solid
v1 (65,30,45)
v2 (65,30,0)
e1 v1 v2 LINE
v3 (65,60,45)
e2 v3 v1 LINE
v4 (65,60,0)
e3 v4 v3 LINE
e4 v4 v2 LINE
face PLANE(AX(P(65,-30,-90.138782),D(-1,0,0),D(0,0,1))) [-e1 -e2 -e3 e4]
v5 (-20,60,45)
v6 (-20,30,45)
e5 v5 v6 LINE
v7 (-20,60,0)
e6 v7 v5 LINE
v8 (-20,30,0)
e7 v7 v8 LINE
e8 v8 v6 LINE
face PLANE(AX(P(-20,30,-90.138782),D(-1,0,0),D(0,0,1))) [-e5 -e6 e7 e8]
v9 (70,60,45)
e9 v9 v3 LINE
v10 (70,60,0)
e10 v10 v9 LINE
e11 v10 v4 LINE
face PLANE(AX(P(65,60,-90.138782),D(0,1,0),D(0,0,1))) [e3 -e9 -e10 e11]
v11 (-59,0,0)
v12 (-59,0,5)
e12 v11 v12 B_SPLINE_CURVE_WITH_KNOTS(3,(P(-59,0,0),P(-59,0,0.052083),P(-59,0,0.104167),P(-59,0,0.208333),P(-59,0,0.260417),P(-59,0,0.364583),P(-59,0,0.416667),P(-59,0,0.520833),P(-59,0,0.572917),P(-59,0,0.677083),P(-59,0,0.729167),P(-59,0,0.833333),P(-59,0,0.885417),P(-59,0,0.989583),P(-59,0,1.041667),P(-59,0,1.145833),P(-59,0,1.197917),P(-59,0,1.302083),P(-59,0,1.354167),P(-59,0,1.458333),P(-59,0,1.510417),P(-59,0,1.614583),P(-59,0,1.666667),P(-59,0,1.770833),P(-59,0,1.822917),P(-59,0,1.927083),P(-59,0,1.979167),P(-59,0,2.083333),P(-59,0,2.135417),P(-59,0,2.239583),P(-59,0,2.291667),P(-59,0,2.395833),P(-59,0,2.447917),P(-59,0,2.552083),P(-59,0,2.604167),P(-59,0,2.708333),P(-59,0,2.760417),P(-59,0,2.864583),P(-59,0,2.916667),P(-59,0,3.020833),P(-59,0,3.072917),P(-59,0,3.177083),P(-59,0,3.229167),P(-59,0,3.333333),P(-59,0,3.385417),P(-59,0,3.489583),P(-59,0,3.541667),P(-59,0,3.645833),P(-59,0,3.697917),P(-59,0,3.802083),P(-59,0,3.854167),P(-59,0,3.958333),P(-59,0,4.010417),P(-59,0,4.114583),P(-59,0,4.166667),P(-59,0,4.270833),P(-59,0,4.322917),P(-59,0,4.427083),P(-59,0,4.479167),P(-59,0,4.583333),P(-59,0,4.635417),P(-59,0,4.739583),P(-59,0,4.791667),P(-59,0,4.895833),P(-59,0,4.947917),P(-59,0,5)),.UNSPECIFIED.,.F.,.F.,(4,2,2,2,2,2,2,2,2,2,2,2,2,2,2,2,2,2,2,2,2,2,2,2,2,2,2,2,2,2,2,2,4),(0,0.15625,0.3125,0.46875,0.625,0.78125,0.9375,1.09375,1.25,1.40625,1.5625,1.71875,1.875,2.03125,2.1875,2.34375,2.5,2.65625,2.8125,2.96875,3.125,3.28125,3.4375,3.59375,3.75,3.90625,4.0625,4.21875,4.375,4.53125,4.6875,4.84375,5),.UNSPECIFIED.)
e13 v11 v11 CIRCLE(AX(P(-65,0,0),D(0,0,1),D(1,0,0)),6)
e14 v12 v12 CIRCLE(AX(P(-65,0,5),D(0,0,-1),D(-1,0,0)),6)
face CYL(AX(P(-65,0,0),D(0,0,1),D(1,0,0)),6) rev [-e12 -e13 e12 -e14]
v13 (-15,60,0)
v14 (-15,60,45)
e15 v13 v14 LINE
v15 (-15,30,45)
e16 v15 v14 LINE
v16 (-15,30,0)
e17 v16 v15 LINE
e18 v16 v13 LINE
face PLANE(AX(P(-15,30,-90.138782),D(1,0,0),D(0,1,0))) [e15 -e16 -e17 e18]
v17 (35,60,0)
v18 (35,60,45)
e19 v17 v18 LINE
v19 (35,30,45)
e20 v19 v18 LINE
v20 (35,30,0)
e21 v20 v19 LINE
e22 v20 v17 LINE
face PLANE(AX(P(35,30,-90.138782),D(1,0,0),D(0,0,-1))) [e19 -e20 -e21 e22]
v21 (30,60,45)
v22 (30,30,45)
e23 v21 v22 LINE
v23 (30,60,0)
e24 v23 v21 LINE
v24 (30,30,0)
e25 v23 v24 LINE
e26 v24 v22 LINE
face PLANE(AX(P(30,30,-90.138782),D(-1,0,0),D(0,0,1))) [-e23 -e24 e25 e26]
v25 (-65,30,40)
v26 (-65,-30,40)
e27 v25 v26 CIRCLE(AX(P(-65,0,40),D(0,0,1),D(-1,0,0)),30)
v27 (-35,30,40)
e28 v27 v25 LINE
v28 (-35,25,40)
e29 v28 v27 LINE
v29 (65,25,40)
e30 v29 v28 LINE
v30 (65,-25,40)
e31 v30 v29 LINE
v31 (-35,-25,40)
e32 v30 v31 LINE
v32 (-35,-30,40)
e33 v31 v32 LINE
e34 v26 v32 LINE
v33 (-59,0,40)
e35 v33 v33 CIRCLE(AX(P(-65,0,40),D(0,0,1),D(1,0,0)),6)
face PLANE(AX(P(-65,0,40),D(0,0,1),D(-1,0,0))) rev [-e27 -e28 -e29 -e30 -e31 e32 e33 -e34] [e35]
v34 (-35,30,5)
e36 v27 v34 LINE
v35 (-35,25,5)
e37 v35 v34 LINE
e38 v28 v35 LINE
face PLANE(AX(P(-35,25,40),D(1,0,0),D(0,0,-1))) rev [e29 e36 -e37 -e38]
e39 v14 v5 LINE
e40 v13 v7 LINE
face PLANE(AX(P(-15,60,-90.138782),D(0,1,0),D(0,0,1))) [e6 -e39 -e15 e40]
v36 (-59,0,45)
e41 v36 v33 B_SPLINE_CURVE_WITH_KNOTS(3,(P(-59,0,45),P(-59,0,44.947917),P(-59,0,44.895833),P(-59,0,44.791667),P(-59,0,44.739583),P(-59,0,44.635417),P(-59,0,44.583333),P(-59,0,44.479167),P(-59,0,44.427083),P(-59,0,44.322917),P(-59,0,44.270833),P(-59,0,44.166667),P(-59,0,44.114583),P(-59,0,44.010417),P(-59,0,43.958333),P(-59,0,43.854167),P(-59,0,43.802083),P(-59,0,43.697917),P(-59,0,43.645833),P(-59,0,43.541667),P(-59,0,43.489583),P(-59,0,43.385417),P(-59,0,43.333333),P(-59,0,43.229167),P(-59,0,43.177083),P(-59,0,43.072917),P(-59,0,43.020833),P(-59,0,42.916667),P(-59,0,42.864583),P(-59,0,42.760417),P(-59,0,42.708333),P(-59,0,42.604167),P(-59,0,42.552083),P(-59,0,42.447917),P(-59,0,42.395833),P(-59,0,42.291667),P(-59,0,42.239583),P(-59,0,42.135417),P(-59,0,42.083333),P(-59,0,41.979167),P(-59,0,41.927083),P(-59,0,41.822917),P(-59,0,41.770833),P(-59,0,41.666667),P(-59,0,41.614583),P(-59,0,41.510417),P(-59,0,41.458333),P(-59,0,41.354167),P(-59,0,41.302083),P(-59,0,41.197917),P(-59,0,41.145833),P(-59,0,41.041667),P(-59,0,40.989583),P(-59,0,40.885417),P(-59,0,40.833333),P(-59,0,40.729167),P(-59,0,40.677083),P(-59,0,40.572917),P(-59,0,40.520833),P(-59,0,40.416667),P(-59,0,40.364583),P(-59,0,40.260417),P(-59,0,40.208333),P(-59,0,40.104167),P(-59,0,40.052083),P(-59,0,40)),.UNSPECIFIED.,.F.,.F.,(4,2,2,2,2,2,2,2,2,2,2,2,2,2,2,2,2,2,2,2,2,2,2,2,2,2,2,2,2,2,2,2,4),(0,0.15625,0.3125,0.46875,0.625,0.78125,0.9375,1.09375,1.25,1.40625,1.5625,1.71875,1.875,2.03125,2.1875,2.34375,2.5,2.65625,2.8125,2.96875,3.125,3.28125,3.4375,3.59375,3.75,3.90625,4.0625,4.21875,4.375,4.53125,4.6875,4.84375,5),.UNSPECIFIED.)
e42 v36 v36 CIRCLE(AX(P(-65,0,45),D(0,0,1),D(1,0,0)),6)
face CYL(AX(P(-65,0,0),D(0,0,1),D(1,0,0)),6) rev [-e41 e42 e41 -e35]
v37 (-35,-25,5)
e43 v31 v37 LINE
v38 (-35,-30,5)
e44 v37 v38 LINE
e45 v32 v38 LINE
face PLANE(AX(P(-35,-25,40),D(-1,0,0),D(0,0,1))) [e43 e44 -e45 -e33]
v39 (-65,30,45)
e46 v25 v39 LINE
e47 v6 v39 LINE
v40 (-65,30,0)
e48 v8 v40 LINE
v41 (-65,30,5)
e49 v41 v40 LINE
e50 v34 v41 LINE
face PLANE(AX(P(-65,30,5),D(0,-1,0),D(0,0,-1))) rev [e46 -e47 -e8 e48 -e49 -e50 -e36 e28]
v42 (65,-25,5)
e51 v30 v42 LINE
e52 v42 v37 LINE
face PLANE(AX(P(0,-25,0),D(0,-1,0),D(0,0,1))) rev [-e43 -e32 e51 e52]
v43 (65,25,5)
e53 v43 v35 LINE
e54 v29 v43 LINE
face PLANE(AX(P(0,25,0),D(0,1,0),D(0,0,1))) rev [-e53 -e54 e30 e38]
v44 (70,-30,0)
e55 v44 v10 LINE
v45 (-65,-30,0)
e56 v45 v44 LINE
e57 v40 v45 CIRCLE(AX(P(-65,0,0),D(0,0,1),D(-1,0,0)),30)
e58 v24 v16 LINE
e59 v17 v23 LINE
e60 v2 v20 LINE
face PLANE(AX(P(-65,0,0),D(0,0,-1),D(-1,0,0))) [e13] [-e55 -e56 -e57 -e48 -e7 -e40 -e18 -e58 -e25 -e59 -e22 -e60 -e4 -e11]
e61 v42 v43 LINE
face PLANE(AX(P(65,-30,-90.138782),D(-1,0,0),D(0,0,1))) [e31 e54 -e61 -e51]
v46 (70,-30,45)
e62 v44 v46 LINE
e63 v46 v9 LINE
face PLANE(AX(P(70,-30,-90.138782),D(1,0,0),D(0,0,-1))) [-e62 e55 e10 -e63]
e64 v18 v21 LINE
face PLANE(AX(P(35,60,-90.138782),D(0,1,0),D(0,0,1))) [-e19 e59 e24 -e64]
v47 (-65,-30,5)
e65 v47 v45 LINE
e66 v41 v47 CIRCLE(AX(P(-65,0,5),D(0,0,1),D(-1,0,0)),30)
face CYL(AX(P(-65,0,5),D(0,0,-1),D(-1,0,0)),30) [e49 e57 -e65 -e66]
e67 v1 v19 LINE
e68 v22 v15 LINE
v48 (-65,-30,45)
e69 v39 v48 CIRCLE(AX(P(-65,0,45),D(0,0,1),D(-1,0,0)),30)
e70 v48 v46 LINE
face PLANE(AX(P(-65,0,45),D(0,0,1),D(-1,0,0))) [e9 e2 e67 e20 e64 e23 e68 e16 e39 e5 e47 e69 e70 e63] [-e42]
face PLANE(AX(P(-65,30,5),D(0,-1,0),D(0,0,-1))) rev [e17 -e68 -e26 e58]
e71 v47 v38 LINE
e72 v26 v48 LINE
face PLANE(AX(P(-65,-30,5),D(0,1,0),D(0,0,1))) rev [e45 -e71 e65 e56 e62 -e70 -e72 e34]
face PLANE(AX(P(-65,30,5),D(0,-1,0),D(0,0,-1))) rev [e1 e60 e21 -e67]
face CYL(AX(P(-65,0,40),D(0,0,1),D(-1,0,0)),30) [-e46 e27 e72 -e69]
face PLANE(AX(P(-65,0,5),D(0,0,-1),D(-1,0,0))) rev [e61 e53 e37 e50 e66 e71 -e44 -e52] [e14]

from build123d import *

# Parameters (mm, degrees)
DODANIE_WYCI_GNI_CIE1_DEPTH = 5
SZKIC2_W                    = 100
SZKIC2_H                    = 35
DODANIE_WYCI_GNI_CIE2_DEPTH = 5
SZKIC3_R                    = 6
WYTNIJ_WYCI_GNI_CIE1_DEPTH  = 110.316055545
SZKIC4_W                    = 5
SZKIC4_H                    = 30
SZKIC4_H_2                  = 90
DODANIE_WYCI_GNI_CIE3_DEPTH = 45


with BuildPart() as part:
    # Szkic1 → Dodanie-wyciągnięcie1 (new body)
    with BuildSketch(Plane.XY):
        with BuildLine():
            Line((-65, -30), (65, -30))
            Line((65, -30), (65, 30))
            Line((65, 30), (-65, 30))
            ThreePointArc((-65, 30), (-95, 0), (-65, -30))
        make_face()
    extrude(amount=DODANIE_WYCI_GNI_CIE1_DEPTH)


with BuildPart() as body_2:
    # Lustro2: mirrored copy
    add(part.part.mirror(Plane.XY.offset(22.5)))


with BuildPart() as part_1:
    add(part.part)

    add(body_2.part)  # Dodanie-wyciągnięcie2 merges body 2
    # Szkic2 → Dodanie-wyciągnięcie2 (add)
    with BuildSketch(Plane(origin=(0, 30, 0), x_dir=(1, 0, 0), z_dir=(0, 1, 0))):
        with Locations((15, -22.5)):
            Rectangle(SZKIC2_W, SZKIC2_H)
    dodanie_wyci_gni_cie2 = extrude(amount=-DODANIE_WYCI_GNI_CIE2_DEPTH)

    # Lustro3: Dodanie-wyciągnięcie2 across plane
    add(dodanie_wyci_gni_cie2.mirror(Plane.ZX))

    # Szkic3 → Wytnij-wyciągnięcie1 (cut, through all)
    with BuildSketch(Plane.XY.offset(45)):
        with Locations((-65, 0)):
            Circle(SZKIC3_R)
    extrude(amount=-WYTNIJ_WYCI_GNI_CIE1_DEPTH, mode=Mode.SUBTRACT)

    # Szkic4 → Dodanie-wyciągnięcie3 (add)
    with BuildSketch(Plane.XY.offset(45)):
        with Locations((32.5, 45)):
            Rectangle(SZKIC4_W, SZKIC4_H)
        with Locations((67.5, 15)):
            Rectangle(SZKIC4_W, SZKIC4_H_2)
        with Locations((-17.5, 45)):
            Rectangle(SZKIC4_W, SZKIC4_H)
    extrude(amount=-DODANIE_WYCI_GNI_CIE3_DEPTH)


solid = part_1.part
